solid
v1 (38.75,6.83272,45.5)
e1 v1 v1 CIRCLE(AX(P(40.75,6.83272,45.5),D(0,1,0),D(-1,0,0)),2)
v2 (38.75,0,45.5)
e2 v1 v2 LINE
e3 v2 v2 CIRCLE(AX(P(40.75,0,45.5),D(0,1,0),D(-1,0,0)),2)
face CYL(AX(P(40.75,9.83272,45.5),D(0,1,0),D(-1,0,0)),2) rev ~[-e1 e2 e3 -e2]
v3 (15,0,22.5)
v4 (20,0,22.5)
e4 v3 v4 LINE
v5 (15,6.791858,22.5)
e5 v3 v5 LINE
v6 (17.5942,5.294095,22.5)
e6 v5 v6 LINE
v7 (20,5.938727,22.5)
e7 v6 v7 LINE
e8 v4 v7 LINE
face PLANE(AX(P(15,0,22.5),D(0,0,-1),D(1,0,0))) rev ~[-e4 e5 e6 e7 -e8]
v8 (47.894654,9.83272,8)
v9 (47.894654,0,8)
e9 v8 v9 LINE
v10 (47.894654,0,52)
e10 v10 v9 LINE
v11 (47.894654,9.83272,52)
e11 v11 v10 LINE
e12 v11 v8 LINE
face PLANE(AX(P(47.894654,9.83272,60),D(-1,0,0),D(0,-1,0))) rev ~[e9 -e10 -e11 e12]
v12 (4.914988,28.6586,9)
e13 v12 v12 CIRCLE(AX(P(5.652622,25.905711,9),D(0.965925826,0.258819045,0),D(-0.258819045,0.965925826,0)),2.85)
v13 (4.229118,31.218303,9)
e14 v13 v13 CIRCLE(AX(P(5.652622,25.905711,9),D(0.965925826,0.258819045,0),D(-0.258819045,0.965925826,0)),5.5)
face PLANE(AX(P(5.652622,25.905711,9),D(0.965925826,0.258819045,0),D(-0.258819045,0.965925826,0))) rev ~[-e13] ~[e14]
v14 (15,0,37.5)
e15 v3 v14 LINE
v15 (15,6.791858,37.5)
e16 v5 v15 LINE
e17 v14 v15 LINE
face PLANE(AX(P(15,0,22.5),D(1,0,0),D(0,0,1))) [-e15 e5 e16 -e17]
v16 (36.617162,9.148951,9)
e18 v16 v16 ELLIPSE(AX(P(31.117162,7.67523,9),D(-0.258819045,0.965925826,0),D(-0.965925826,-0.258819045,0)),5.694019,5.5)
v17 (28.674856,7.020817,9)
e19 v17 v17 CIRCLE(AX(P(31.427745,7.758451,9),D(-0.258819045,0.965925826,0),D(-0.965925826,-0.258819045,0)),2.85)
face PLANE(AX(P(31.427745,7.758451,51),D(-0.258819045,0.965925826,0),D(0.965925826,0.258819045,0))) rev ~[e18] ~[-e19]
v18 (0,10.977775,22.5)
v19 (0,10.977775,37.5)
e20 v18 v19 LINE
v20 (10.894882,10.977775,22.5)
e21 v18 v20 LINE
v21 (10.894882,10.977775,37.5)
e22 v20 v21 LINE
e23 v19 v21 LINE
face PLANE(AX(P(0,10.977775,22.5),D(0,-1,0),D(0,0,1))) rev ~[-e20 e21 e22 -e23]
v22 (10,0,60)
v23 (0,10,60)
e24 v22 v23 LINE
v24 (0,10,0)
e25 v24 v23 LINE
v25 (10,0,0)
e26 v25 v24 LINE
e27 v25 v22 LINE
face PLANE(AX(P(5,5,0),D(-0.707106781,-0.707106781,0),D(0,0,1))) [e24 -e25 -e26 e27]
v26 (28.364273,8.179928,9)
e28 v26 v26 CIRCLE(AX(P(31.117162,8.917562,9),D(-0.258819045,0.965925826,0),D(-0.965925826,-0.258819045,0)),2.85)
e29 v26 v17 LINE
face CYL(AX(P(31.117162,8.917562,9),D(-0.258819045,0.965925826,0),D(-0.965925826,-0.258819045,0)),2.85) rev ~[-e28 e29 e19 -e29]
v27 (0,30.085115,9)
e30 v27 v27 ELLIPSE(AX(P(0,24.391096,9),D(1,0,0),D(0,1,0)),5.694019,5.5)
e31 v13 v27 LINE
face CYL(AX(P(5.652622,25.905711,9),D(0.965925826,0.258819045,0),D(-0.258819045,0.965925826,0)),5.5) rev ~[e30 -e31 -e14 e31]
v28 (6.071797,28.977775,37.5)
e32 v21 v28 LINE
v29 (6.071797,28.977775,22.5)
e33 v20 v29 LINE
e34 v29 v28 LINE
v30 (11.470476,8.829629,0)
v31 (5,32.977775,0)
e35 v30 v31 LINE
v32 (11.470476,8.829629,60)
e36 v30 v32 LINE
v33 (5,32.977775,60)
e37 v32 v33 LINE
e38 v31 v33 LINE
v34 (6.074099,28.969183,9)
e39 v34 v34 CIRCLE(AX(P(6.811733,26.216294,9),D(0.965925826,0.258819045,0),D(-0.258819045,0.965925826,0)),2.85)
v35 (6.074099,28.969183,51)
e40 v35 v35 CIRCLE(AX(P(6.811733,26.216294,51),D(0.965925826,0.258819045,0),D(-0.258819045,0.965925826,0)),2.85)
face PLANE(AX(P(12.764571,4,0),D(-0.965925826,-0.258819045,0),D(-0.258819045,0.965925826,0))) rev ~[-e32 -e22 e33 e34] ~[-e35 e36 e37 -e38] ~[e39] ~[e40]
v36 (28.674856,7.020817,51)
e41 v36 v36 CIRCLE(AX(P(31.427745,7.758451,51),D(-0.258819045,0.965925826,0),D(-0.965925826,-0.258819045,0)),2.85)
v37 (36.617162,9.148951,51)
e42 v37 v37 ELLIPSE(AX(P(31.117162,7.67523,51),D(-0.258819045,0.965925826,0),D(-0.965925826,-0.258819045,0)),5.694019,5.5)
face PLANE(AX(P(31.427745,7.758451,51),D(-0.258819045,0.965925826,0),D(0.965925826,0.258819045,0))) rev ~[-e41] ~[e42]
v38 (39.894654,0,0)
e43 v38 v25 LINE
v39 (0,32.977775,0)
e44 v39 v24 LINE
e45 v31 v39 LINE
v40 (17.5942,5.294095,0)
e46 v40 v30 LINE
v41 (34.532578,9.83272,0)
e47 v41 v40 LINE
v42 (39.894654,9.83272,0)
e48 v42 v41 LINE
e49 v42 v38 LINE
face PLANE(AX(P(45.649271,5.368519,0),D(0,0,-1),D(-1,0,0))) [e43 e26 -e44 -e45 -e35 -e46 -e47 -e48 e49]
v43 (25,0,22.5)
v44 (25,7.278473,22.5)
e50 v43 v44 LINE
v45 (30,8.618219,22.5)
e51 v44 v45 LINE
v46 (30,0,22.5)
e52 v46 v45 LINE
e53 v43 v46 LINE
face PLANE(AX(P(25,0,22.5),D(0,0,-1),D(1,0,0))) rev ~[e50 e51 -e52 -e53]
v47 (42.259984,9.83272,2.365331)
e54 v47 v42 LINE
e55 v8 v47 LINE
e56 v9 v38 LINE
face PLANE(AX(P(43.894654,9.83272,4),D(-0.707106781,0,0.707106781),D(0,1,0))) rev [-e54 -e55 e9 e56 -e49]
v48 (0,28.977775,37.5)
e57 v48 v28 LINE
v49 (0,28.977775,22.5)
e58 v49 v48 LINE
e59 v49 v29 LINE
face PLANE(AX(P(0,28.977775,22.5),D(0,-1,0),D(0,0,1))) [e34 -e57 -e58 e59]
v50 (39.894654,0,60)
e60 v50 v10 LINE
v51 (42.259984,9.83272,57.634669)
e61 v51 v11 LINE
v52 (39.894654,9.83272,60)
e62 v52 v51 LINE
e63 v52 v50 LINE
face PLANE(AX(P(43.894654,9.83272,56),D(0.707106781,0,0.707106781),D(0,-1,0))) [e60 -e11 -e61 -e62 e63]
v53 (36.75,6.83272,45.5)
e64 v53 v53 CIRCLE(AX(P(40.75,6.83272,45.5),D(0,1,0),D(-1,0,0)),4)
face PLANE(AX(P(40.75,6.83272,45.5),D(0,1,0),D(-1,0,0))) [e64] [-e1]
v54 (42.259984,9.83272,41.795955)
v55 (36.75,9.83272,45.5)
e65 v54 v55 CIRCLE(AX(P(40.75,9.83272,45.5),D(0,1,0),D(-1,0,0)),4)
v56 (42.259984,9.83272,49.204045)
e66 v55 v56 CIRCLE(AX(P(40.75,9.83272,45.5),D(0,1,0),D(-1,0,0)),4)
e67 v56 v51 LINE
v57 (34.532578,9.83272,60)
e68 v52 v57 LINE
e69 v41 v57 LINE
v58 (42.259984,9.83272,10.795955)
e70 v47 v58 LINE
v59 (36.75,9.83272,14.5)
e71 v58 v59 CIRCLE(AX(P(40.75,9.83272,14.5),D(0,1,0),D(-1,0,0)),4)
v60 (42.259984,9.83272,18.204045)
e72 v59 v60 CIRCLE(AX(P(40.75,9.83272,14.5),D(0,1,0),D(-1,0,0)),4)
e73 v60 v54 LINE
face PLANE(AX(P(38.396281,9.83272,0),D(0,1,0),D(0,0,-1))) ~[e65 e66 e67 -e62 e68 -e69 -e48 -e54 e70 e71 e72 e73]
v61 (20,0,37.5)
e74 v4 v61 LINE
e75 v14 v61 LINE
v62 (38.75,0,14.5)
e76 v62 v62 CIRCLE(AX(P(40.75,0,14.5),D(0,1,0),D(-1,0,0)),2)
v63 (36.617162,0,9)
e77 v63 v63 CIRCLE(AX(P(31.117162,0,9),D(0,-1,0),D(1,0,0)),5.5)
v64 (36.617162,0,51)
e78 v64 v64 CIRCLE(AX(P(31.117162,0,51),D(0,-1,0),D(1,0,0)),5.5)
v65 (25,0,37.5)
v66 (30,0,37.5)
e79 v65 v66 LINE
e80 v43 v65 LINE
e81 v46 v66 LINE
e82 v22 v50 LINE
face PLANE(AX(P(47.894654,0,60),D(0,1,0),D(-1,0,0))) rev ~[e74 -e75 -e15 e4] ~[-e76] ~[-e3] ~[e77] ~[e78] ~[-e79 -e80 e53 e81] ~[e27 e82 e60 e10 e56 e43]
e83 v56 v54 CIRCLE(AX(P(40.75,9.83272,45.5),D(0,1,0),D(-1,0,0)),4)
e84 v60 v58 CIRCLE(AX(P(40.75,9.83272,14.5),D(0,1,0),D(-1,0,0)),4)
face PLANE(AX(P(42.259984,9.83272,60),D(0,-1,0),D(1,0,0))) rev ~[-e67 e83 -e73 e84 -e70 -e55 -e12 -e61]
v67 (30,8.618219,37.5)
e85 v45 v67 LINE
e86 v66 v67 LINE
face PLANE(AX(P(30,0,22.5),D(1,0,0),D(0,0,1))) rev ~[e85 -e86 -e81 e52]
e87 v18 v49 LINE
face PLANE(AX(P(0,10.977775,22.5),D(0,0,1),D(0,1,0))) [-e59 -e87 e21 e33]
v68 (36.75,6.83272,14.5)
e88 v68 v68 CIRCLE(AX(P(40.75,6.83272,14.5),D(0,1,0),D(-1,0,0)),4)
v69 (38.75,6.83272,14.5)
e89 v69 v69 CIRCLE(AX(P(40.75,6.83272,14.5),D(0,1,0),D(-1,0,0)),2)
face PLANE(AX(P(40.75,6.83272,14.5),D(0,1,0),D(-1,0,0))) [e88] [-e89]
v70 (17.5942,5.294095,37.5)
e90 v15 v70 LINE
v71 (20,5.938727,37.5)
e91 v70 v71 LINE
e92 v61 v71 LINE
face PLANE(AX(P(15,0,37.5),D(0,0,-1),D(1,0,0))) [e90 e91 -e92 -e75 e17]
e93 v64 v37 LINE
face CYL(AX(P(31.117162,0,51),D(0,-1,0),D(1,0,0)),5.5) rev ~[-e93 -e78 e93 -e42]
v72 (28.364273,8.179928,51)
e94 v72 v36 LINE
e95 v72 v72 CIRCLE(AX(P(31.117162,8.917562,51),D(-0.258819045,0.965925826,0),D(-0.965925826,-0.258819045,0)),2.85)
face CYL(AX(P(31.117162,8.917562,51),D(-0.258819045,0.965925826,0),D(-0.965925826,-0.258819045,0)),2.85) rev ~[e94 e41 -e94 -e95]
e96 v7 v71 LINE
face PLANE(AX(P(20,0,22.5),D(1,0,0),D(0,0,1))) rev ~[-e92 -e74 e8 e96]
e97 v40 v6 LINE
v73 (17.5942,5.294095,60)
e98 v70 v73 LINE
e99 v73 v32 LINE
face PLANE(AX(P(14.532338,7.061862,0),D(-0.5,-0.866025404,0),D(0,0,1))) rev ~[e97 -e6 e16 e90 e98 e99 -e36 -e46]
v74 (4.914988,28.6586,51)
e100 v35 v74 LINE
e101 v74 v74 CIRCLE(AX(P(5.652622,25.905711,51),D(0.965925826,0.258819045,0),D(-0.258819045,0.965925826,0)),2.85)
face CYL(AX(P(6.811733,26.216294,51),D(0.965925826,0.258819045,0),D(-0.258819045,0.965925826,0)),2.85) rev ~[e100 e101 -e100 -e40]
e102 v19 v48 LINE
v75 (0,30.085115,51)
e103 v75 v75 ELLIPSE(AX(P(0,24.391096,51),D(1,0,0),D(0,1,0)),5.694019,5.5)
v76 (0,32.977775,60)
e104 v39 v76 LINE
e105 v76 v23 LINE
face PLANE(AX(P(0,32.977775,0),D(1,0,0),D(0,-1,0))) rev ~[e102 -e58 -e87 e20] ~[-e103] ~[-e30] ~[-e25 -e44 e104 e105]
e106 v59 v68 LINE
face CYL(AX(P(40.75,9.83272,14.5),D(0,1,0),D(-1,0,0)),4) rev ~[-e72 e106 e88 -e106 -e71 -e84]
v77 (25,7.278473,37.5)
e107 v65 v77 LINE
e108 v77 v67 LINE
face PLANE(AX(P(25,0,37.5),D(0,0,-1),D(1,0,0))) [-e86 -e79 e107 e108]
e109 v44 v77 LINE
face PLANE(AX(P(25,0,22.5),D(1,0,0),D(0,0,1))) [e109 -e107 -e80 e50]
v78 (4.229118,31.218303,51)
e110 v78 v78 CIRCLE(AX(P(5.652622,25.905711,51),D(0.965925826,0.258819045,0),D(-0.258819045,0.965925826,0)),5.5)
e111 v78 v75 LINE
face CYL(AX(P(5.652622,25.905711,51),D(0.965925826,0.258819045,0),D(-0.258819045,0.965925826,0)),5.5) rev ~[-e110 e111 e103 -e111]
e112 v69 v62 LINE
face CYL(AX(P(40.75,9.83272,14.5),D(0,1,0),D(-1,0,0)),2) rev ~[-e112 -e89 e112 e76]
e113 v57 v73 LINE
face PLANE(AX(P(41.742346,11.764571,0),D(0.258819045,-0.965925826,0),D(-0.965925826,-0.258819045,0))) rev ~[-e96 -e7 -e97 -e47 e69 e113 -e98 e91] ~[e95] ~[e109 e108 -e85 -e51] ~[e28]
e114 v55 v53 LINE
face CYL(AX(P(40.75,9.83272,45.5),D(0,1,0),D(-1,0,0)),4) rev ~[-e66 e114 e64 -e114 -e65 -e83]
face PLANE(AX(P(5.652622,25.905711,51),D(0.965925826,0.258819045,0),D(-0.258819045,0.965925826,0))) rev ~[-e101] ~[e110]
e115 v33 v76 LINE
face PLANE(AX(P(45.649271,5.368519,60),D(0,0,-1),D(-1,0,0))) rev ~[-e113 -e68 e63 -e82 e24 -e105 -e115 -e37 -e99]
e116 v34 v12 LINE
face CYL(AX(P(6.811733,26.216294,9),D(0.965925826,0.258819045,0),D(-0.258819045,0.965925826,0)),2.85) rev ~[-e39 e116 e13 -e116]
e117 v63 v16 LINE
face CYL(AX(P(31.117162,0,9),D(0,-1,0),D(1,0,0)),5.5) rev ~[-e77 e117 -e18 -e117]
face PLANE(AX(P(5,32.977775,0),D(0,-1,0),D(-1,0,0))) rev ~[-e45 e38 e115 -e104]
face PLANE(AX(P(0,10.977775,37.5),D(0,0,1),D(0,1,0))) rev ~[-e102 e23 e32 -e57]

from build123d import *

# Parameters (mm, degrees)
BOSS_EXTRU_1_DEPTH       = 60
ESQUISSE2_R              = 2.85
ENL_V_MAT_EXTRU_1_DEPTH  = 30
ESQUISSE3_R              = 2.85
ENL_V_MAT_EXTRU_2_DEPTH  = 1.2
ENL_V_START              = -1.2
ESQUISSE4_R              = 5.5
ENL_V_MAT_EXTRU_3_DEPTH  = 30
CHANFREIN1_SIZE          = 5
CHANFREIN3_SIZE          = 10
ENL_V_MAT_EXTRU_5_REACH  = 83.872
ESQUISSE7_R              = 5.5
CHANFREIN4_SIZE          = 2
CHANFREIN4_SIZE2         = 7.464101615
BOSS_EXTRU_3_DEPTH       = 60
ESQUISSE10_R             = 2
ENL_V_MAT_EXTRU_7_DEPTH  = 60
ESQUISSE11_R             = 4
ENL_V_MAT_EXTRU_8_DEPTH  = 3
CHANFREIN5_SIZE          = 8
ESQUISSE12_W             = 5
ESQUISSE12_H             = 15
ENL_V_MAT_EXTRU_9_DEPTH  = 84.554960758
ESQUISSE13_W             = 15
ESQUISSE13_H             = 18
ENL_V_MAT_EXTRU_10_DEPTH = 84.554960758


with BuildPart() as part:
    # Esquisse1 → Boss.-Extru.1 (new body)
    with BuildSketch(Plane.XY):
        Polygon((0, 0), (44.894653535, 0), (41.742346142, 11.764571353), (12.764571353, 4), (5, 32.977774789), (0, 32.977774789), align=None)
    extrude(amount=BOSS_EXTRU_1_DEPTH)

    # Esquisse2 → Enlèv. mat.-Extru.1 (cut)
    with BuildSketch(Plane(origin=(12.909507207, 3.459092031, 0), x_dir=(0, 0, -1), z_dir=(0.965925826289071, 0.258819045102511, 0))):
        with Locations(Location((-51, 23.559989136, 0), (0, 0, 90))):
            Circle(ESQUISSE2_R)
        with Locations(Location((-9, 23.559989136, 0), (0, 0, 90))):
            Circle(ESQUISSE2_R)
    extrude(amount=-ENL_V_MAT_EXTRU_1_DEPTH, mode=Mode.SUBTRACT)

    # Esquisse3 → Enlèv. mat.-Extru.2 (cut)
    with BuildSketch(Plane(origin=(-0.144935854, 0.540907969, 0), x_dir=(0.96592582628907, 0.2588190451025147, 0), z_dir=(-0.25881904510251463, 0.9659258262890699, 0))):
        with Locations(Location((32.364905312, -9, 0), (0, 0, 180))):
            Circle(ESQUISSE3_R)
        with Locations(Location((32.364905312, -51, 0), (0, 0, 180))):
            Circle(ESQUISSE3_R)
    extrude(amount=-ENL_V_MAT_EXTRU_2_DEPTH, mode=Mode.SUBTRACT)

    # Esquisse4 → Enlèv. mat.-Extru.3 (cut)
    with BuildSketch(Plane(origin=(12.909507207, 3.459092031, 0), x_dir=(0, 0, -1), z_dir=(0.965925826289071, 0.258819045102511, 0)).offset(ENL_V_START)):
        with Locations(Location((-51, 23.559989136, 0), (0, 0, 90))):
            Circle(ESQUISSE4_R)
        with Locations(Location((-9, 23.559989136, 0), (0, 0, 90))):
            Circle(ESQUISSE4_R)
    extrude(amount=-ENL_V_MAT_EXTRU_3_DEPTH, mode=Mode.SUBTRACT)

    # Chanfrein1
    chanfrein1_edges = [part.edges().sort_by_distance(p)[0] for p in [
        (12.764571353, 4, 30),
    ]]
    chamfer(chanfrein1_edges, length=CHANFREIN1_SIZE)

    # Chanfrein3
    chanfrein3_edges = [part.edges().sort_by_distance(p)[0] for p in [
        (0, 0, 30),
    ]]
    chamfer(chanfrein3_edges, length=CHANFREIN3_SIZE)

    # Enlèv. mat.-Extru.5: up to this plane
    enl_v_mat_extru_5_end = Plane(origin=(31.427744907, 7.758450865, 51), z_dir=(-0.2588190451025147, 0.96592582628907, 0))
    # Esquisse7 → Enlèv. mat.-Extru.5 (cut, up to the surface)
    with BuildSketch(Plane.XZ, mode=Mode.PRIVATE) as enl_v_mat_extru_5_sk1:
        with Locations((31.117162053, 51)):
            Circle(ESQUISSE7_R)
    enl_v_mat_extru_5_tool1 = split(extrude(enl_v_mat_extru_5_sk1.sketch, amount=-ENL_V_MAT_EXTRU_5_REACH, mode=Mode.PRIVATE), bisect_by=enl_v_mat_extru_5_end, keep=Keep.BOTH, mode=Mode.PRIVATE)
    add(enl_v_mat_extru_5_tool1.solids().sort_by_distance((31.117162, 0, 51))[0], mode=Mode.SUBTRACT)
    # Esquisse7 → Enlèv. mat.-Extru.5 (cut, up to the surface)
    with BuildSketch(Plane.XZ, mode=Mode.PRIVATE) as enl_v_mat_extru_5_sk2:
        with Locations((31.117162053, 9)):
            Circle(ESQUISSE7_R)
    enl_v_mat_extru_5_tool2 = split(extrude(enl_v_mat_extru_5_sk2.sketch, amount=-ENL_V_MAT_EXTRU_5_REACH, mode=Mode.PRIVATE), bisect_by=enl_v_mat_extru_5_end, keep=Keep.BOTH, mode=Mode.PRIVATE)
    add(enl_v_mat_extru_5_tool2.solids().sort_by_distance((31.117162, 0, 9))[0], mode=Mode.SUBTRACT)

    # Chanfrein4
    chanfrein4_edges = [part.edges().sort_by_distance(p)[0] for p in [
        (41.742346142, 11.764571353, 30),
    ]]
    chanfrein4_side = [part.faces().sort_by_distance(p)[0] for p in [
        (43.318499838, 5.882285677, 30),
    ]]
    chamfer(chanfrein4_edges, length=CHANFREIN4_SIZE, length2=CHANFREIN4_SIZE2, reference=chanfrein4_side[0])

    # Esquisse8 → Boss.-Extru.3 (add)
    with BuildSketch(Plane.XY.offset(60)):
        Polygon((42.259984232, 9.8327197), (47.894653535, 9.8327197), (47.894653535, 0), (44.894653535, 0), align=None)
    extrude(amount=-BOSS_EXTRU_3_DEPTH)

    # Esquisse10 → Enlèv. mat.-Extru.7 (cut)
    with BuildSketch(Plane(origin=(0, 9.8327197, 0), x_dir=(1, 0, 0), z_dir=(0, 1, 0))):
        with Locations(Location((40.75, -14.5, 0), (0, 0, 180))):
            Circle(ESQUISSE10_R)
        with Locations(Location((40.75, -45.5, 0), (0, 0, 180))):
            Circle(ESQUISSE10_R)
    extrude(amount=-ENL_V_MAT_EXTRU_7_DEPTH, mode=Mode.SUBTRACT)

    # Esquisse11 → Enlèv. mat.-Extru.8 (cut)
    with BuildSketch(Plane(origin=(0, 9.8327197, 0), x_dir=(1, 0, 0), z_dir=(0, 1, 0))):
        with Locations(Location((40.75, -14.5, 0), (0, 0, 180))):
            Circle(ESQUISSE11_R)
        with Locations(Location((40.75, -45.5, 0), (0, 0, 180))):
            Circle(ESQUISSE11_R)
    extrude(amount=-ENL_V_MAT_EXTRU_8_DEPTH, mode=Mode.SUBTRACT)

    # Chanfrein5
    chanfrein5_edges = [part.edges().sort_by_distance(p)[0] for p in [
        (47.894653535, 4.91635985, 0),
        (47.894653535, 4.91635985, 60),
    ]]
    chamfer(chanfrein5_edges, length=CHANFREIN5_SIZE)

    # Esquisse12 → Enlèv. mat.-Extru.9 (cut, through all)
    with BuildSketch(Plane.XZ):
        with Locations((17.5, 30)):
            Rectangle(ESQUISSE12_W, ESQUISSE12_H)
        with Locations((27.5, 30)):
            Rectangle(ESQUISSE12_W, ESQUISSE12_H)
    extrude(amount=-ENL_V_MAT_EXTRU_9_DEPTH, mode=Mode.SUBTRACT)

    # Esquisse13 → Enlèv. mat.-Extru.10 (cut, through all)
    with BuildSketch(Plane.ZY):
        with Locations((30, 19.977774789)):
            Rectangle(ESQUISSE13_W, ESQUISSE13_H)
    extrude(amount=-ENL_V_MAT_EXTRU_10_DEPTH, mode=Mode.SUBTRACT)


solid = part.part
